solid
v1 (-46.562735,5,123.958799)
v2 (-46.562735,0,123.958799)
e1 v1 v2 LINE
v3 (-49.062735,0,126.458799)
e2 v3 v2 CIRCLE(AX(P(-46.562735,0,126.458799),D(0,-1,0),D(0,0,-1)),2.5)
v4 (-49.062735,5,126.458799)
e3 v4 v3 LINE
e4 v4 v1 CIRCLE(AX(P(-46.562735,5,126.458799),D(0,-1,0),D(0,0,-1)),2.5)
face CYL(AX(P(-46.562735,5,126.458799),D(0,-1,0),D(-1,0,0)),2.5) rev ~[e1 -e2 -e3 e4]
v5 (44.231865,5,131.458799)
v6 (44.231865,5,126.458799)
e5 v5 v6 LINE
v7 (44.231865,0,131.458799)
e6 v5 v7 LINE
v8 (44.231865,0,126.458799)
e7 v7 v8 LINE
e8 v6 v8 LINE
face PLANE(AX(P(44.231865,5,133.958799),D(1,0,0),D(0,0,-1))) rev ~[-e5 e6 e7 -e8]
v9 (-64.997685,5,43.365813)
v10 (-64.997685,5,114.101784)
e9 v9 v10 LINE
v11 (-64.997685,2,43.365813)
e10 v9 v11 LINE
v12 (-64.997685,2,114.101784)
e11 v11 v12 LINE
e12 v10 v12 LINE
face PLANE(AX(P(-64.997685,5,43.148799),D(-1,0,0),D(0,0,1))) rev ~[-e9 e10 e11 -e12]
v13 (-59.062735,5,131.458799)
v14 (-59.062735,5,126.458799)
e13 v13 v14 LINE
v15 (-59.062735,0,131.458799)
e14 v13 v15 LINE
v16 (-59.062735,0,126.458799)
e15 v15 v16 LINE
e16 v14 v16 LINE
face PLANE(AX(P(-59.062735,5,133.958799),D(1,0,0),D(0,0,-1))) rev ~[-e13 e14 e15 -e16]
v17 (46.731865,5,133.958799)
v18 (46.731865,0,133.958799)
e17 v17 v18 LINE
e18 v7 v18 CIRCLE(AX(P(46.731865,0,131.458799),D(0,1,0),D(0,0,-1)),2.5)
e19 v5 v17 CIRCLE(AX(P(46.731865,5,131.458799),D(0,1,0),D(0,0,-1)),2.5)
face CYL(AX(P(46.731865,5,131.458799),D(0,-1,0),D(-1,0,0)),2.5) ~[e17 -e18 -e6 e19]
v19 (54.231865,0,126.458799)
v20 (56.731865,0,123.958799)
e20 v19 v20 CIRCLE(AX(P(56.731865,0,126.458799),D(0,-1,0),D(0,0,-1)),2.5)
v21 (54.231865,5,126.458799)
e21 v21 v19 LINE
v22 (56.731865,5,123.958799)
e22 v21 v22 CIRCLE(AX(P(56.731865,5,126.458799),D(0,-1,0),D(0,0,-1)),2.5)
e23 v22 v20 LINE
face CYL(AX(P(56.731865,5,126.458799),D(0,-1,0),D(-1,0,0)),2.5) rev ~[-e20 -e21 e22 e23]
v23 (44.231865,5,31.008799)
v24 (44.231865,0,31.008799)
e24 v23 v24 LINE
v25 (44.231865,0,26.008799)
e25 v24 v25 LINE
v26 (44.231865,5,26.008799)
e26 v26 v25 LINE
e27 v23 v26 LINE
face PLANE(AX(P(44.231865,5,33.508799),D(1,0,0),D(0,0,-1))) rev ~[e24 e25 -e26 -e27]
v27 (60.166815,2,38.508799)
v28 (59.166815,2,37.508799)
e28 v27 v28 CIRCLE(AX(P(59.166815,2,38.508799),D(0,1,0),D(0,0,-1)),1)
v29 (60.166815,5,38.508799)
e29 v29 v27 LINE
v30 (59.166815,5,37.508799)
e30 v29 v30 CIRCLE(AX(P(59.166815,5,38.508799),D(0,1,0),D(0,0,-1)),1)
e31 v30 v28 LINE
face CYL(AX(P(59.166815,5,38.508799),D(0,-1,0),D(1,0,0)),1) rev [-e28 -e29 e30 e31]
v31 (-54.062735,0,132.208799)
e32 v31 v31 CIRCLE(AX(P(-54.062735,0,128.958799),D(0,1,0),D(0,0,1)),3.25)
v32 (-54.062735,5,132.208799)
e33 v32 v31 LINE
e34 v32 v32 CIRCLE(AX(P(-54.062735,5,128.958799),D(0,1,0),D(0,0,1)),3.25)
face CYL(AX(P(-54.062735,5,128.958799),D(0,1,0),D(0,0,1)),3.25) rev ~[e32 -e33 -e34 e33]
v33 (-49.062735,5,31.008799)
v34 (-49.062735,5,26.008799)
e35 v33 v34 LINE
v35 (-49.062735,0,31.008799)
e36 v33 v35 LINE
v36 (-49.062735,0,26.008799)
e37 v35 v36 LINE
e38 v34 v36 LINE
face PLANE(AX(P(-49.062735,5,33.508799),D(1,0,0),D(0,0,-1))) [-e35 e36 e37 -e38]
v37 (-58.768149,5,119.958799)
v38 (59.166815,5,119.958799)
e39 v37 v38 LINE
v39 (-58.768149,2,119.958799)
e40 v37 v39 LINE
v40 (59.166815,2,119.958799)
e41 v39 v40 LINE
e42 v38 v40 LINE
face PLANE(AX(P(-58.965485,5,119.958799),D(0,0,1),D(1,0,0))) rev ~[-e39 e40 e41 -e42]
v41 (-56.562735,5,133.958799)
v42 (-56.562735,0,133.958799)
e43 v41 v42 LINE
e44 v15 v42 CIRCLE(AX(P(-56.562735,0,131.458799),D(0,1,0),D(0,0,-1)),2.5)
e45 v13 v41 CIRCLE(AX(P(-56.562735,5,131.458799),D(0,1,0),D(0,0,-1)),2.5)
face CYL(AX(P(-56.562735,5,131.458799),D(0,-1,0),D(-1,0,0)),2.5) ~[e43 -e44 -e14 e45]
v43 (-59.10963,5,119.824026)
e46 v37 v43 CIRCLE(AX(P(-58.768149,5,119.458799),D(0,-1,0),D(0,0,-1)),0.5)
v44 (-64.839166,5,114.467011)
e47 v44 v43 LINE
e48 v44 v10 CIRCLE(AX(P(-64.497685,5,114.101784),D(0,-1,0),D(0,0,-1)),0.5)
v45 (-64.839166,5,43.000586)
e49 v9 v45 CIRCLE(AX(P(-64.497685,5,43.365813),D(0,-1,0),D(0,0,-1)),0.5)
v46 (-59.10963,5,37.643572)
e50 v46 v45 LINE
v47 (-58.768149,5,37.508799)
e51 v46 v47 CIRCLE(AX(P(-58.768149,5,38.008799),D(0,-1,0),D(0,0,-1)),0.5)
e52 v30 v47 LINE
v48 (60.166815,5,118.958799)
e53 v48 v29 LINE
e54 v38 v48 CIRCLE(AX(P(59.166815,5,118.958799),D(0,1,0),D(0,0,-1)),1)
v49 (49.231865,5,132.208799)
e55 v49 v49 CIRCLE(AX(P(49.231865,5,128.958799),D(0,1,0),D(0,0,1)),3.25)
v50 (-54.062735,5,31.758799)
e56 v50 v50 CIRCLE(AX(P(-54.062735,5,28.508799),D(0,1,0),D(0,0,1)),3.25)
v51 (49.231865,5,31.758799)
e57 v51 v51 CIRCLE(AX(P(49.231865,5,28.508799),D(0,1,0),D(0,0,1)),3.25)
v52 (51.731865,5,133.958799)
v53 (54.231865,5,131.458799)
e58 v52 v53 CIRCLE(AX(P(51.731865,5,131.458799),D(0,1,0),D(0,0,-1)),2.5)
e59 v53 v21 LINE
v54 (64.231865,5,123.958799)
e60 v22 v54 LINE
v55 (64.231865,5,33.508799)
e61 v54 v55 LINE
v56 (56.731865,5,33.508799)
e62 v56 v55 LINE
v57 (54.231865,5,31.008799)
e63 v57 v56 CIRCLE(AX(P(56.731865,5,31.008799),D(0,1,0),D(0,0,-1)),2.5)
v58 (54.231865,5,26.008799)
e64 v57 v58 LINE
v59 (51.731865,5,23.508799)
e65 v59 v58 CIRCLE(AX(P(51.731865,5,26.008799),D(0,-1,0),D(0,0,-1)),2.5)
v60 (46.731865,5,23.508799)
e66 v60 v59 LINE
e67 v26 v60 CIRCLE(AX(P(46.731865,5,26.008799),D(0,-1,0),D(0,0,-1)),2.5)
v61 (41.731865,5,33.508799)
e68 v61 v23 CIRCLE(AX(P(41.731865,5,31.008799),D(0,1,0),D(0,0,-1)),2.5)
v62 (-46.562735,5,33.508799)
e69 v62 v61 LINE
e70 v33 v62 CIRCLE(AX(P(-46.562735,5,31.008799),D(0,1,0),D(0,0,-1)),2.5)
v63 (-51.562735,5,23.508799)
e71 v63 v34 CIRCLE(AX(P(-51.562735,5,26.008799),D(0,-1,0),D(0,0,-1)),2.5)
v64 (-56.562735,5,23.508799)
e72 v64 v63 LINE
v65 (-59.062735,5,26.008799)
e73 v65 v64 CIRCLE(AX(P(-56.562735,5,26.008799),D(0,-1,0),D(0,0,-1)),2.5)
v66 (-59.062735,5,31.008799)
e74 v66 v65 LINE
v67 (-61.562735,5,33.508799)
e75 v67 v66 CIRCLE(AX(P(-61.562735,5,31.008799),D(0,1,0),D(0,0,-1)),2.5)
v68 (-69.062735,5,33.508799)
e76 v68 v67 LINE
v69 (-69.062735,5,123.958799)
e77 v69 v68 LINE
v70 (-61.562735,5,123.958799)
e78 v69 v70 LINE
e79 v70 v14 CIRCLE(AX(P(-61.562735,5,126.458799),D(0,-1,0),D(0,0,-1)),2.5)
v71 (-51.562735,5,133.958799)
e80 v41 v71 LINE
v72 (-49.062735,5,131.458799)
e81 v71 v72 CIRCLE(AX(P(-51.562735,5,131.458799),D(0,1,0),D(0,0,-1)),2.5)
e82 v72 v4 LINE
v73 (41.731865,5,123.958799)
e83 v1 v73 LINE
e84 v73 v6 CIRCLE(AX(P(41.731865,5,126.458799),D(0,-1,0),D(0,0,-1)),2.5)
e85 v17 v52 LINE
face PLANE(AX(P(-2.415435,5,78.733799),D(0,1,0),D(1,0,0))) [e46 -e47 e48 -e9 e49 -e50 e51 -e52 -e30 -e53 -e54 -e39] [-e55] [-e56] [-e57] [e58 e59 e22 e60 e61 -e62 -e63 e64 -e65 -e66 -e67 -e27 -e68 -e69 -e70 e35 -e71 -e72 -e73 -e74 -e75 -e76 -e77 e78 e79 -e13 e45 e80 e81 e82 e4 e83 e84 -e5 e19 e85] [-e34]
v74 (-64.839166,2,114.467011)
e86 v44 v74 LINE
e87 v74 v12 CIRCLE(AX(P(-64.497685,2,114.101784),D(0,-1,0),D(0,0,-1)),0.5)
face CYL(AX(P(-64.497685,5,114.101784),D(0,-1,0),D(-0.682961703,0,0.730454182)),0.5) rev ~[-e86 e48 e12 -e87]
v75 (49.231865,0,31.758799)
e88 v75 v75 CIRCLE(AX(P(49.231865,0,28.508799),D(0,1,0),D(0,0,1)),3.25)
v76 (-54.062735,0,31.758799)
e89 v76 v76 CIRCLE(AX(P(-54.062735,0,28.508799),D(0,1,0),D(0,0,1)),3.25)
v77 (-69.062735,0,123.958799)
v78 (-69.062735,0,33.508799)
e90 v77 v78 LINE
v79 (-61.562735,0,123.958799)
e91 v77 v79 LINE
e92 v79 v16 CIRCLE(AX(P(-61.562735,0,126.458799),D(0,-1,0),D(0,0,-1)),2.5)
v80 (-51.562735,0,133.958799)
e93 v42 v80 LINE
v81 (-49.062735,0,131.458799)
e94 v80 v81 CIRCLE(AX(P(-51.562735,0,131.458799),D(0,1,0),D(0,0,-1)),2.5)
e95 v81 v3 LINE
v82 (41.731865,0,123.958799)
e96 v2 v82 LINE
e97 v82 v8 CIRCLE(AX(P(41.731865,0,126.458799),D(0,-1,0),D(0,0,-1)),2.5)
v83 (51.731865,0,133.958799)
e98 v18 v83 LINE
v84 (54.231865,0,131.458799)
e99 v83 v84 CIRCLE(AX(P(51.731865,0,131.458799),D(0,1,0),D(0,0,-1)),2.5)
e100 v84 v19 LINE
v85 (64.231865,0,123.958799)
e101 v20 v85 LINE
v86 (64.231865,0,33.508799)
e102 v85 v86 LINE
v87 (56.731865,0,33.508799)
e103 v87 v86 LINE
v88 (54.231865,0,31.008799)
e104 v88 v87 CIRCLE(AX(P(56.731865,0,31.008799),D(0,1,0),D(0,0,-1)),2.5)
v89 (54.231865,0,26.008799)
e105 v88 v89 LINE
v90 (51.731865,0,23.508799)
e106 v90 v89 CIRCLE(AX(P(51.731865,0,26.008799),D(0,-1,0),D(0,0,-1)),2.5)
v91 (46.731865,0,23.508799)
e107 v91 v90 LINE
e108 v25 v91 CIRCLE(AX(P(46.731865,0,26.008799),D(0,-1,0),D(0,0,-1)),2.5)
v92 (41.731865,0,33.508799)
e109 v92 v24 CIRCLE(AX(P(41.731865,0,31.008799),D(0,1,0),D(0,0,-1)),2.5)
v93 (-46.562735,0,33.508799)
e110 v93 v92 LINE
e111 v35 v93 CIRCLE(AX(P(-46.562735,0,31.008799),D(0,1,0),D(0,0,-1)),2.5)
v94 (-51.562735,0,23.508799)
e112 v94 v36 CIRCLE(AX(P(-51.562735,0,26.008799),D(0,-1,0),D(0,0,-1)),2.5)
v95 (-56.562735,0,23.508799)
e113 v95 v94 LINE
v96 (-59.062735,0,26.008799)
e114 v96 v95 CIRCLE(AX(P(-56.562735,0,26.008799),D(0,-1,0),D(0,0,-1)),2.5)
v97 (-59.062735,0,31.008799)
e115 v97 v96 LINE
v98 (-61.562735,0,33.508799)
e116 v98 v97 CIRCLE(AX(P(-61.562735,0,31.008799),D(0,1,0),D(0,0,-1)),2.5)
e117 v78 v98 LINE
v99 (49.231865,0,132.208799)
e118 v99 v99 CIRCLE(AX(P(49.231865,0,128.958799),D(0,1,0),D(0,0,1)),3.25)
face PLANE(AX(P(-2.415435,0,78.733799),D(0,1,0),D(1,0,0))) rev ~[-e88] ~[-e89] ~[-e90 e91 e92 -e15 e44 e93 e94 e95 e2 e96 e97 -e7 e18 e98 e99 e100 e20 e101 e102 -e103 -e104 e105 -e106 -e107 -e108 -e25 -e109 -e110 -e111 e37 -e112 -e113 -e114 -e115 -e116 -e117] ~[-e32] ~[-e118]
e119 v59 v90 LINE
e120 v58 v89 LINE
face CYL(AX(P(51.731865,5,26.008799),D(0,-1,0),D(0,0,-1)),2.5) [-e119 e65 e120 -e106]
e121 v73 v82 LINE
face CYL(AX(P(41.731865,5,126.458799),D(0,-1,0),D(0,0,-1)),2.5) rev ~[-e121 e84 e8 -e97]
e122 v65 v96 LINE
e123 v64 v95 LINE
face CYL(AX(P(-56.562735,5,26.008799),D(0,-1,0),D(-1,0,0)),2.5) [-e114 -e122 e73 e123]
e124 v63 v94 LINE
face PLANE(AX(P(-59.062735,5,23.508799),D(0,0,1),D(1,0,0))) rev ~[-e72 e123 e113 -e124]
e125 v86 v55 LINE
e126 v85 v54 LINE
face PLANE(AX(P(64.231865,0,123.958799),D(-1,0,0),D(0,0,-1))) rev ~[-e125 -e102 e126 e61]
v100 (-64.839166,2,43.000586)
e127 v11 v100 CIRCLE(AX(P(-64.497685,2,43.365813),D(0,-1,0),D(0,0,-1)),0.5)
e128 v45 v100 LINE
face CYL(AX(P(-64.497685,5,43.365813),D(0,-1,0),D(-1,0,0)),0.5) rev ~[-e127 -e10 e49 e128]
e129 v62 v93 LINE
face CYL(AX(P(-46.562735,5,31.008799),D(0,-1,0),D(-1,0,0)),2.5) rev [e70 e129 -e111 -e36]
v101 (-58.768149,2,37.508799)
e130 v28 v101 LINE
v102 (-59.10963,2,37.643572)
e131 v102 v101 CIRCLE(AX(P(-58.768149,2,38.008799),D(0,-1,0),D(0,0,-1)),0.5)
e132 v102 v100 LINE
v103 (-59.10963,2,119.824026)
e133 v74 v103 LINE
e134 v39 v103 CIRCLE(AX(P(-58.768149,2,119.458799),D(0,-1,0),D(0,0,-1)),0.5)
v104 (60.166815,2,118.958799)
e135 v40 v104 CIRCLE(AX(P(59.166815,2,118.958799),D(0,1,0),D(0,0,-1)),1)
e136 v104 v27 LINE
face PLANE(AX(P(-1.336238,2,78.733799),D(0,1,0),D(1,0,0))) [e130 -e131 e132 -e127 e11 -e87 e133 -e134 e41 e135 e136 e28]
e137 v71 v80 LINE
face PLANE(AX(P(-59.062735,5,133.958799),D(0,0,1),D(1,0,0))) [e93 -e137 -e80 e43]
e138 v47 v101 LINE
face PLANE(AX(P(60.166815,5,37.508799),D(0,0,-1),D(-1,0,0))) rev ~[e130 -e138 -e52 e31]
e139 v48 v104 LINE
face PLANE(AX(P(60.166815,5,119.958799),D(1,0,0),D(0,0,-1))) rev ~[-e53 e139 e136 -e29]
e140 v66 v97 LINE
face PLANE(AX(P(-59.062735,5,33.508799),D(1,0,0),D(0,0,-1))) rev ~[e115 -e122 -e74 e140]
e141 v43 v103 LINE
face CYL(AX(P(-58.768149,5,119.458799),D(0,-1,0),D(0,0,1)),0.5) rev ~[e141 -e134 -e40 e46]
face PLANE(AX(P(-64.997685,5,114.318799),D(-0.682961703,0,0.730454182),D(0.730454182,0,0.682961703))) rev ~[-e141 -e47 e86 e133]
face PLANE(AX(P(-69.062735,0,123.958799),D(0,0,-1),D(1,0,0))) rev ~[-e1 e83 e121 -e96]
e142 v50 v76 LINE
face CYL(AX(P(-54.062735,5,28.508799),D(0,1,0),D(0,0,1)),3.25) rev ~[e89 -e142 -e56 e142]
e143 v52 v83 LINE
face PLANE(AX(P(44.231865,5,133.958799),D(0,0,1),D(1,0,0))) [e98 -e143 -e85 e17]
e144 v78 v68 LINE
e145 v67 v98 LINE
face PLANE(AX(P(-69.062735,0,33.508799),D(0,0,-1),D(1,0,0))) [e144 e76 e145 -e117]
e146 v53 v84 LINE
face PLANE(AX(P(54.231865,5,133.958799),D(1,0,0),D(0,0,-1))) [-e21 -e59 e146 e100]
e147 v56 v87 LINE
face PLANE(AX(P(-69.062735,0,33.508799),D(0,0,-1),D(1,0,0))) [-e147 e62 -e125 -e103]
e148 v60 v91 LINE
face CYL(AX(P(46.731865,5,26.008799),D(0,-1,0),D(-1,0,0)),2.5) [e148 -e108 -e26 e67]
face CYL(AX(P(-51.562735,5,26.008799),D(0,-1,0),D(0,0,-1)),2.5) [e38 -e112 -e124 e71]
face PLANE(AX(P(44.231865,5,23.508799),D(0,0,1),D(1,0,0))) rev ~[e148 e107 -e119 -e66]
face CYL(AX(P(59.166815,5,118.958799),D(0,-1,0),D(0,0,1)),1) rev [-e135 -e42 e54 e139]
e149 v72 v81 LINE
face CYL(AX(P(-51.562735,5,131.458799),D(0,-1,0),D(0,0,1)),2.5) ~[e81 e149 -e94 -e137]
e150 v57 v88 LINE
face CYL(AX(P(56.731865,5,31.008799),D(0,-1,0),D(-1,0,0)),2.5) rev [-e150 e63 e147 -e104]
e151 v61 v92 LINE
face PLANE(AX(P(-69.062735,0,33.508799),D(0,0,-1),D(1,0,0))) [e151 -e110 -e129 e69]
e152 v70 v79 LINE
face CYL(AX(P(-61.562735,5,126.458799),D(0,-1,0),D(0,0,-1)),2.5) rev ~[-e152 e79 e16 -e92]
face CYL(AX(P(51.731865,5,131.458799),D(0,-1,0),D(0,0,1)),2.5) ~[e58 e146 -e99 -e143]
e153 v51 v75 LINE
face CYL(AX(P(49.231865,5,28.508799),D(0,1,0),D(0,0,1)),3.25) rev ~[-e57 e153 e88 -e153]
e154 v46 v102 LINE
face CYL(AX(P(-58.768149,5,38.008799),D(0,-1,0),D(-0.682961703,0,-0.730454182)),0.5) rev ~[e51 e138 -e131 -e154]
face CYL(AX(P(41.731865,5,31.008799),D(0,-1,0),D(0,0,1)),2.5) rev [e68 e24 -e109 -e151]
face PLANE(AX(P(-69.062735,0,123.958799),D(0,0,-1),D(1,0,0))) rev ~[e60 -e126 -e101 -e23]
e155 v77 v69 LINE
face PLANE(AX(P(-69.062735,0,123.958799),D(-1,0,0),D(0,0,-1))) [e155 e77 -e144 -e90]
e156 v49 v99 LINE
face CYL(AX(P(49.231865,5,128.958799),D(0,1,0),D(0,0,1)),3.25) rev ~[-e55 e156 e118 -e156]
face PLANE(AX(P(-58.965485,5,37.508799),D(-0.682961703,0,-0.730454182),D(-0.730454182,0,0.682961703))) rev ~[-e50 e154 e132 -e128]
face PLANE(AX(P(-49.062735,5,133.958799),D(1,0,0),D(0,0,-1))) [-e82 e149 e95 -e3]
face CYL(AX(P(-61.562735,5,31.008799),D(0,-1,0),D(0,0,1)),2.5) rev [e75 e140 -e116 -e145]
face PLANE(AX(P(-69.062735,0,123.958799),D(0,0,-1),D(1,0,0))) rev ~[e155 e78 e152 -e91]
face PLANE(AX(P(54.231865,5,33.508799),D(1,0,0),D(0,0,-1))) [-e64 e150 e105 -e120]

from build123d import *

# Parameters (mm, degrees)
SKETCH1_W           = 133.2946
SKETCH1_H           = 90.45
BOSS_EXTRUDE1_DEPTH = 5
SKETCH2_W           = 10
SKETCH2_H           = 10
BOSS_EXTRUDE2_DEPTH = 5
SKETCH4_R           = 3.25
CUT_EXTRUDE1_DEPTH  = 5
FILLET1_R           = 2.5
CUT_EXTRUDE2_DEPTH  = 3
FILLET2_R           = 1
FILLET3_R           = 0.5


with BuildPart() as part:
    # Sketch1 → Boss-Extrude1 (new body)
    with BuildSketch(Plane(origin=(0, 0, 0), x_dir=(1, 0, 0), z_dir=(0, 1, 0))):
        with Locations((-2.415435148, -78.733798602)):
            Rectangle(SKETCH1_W, SKETCH1_H)
    extrude(amount=BOSS_EXTRUDE1_DEPTH)

    # Sketch2 → Boss-Extrude2 (add)
    with BuildSketch(Plane(origin=(0, 5, 0), x_dir=(1, 0, 0), z_dir=(0, 1, 0))):
        with Locations((-54.062735148, -28.508798602)):
            Rectangle(SKETCH2_W, SKETCH2_H)
        with Locations((49.231864852, -28.508798602)):
            Rectangle(SKETCH2_W, SKETCH2_H)
        with Locations((49.231864852, -128.958798602)):
            Rectangle(SKETCH2_W, SKETCH2_H)
        with Locations((-54.062735148, -128.958798602)):
            Rectangle(SKETCH2_W, SKETCH2_H)
    extrude(amount=-BOSS_EXTRUDE2_DEPTH)

    # Sketch4 → Cut-Extrude1 (cut)
    with BuildSketch(Plane(origin=(0, 5, 0), x_dir=(1, 0, 0), z_dir=(0, 1, 0))):
        with Locations((49.231864852, -28.508798602)):
            Circle(SKETCH4_R)
        with Locations((-54.062735148, -28.508798602)):
            Circle(SKETCH4_R)
        with Locations((-54.062735148, -128.958798602)):
            Circle(SKETCH4_R)
        with Locations((49.231864852, -128.958798602)):
            Circle(SKETCH4_R)
    extrude(amount=-CUT_EXTRUDE1_DEPTH, mode=Mode.SUBTRACT)

    # Fillet1
    fillet1_edges = [part.edges().sort_by_distance(p)[0] for p in [
        (-59.062735148, 2.5, 33.508798602),
        (-59.062735148, 2.5, 23.508798602),
        (-49.062735148, 2.5, 23.508798602),
        (-49.062735148, 2.5, 33.508798602),
        (44.231864852, 2.5, 33.508798602),
        (44.231864852, 2.5, 23.508798602),
        (54.231864852, 2.5, 23.508798602),
        (54.231864852, 2.5, 33.508798602),
        (54.231864852, 2.5, 123.958798602),
        (54.231864852, 2.5, 133.958798602),
        (44.231864852, 2.5, 133.958798602),
        (44.231864852, 2.5, 123.958798602),
        (-49.062735148, 2.5, 123.958798602),
        (-49.062735148, 2.5, 133.958798602),
        (-59.062735148, 2.5, 133.958798602),
        (-59.062735148, 2.5, 123.958798602),
    ]]
    fillet(fillet1_edges, radius=FILLET1_R)

    # Sketch6 → Cut-Extrude2 (cut)
    with BuildSketch(Plane(origin=(0, 5, 0), x_dir=(1, 0, 0), z_dir=(0, 1, 0))):
        Polygon((-58.965485148, -119.958798602), (60.166814852, -119.958798602), (60.166814852, -37.508798602), (-58.965485148, -37.508798602), (-64.997685148, -43.148798602), (-64.997685148, -114.318798602), align=None)
    extrude(amount=-CUT_EXTRUDE2_DEPTH, mode=Mode.SUBTRACT)

    # Fillet2
    fillet2_edges = [part.edges().sort_by_distance(p)[0] for p in [
        (60.166814852, 3.5, 37.508798602),
        (60.166814852, 3.5, 119.958798602),
    ]]
    fillet(fillet2_edges, radius=FILLET2_R)

    # Fillet3
    fillet3_edges = [part.edges().sort_by_distance(p)[0] for p in [
        (-58.965485148, 3.5, 37.508798602),
        (-64.997685148, 3.5, 43.148798602),
        (-64.997685148, 3.5, 114.318798602),
        (-58.965485148, 3.5, 119.958798602),
    ]]
    fillet(fillet3_edges, radius=FILLET3_R)


solid = part.part
